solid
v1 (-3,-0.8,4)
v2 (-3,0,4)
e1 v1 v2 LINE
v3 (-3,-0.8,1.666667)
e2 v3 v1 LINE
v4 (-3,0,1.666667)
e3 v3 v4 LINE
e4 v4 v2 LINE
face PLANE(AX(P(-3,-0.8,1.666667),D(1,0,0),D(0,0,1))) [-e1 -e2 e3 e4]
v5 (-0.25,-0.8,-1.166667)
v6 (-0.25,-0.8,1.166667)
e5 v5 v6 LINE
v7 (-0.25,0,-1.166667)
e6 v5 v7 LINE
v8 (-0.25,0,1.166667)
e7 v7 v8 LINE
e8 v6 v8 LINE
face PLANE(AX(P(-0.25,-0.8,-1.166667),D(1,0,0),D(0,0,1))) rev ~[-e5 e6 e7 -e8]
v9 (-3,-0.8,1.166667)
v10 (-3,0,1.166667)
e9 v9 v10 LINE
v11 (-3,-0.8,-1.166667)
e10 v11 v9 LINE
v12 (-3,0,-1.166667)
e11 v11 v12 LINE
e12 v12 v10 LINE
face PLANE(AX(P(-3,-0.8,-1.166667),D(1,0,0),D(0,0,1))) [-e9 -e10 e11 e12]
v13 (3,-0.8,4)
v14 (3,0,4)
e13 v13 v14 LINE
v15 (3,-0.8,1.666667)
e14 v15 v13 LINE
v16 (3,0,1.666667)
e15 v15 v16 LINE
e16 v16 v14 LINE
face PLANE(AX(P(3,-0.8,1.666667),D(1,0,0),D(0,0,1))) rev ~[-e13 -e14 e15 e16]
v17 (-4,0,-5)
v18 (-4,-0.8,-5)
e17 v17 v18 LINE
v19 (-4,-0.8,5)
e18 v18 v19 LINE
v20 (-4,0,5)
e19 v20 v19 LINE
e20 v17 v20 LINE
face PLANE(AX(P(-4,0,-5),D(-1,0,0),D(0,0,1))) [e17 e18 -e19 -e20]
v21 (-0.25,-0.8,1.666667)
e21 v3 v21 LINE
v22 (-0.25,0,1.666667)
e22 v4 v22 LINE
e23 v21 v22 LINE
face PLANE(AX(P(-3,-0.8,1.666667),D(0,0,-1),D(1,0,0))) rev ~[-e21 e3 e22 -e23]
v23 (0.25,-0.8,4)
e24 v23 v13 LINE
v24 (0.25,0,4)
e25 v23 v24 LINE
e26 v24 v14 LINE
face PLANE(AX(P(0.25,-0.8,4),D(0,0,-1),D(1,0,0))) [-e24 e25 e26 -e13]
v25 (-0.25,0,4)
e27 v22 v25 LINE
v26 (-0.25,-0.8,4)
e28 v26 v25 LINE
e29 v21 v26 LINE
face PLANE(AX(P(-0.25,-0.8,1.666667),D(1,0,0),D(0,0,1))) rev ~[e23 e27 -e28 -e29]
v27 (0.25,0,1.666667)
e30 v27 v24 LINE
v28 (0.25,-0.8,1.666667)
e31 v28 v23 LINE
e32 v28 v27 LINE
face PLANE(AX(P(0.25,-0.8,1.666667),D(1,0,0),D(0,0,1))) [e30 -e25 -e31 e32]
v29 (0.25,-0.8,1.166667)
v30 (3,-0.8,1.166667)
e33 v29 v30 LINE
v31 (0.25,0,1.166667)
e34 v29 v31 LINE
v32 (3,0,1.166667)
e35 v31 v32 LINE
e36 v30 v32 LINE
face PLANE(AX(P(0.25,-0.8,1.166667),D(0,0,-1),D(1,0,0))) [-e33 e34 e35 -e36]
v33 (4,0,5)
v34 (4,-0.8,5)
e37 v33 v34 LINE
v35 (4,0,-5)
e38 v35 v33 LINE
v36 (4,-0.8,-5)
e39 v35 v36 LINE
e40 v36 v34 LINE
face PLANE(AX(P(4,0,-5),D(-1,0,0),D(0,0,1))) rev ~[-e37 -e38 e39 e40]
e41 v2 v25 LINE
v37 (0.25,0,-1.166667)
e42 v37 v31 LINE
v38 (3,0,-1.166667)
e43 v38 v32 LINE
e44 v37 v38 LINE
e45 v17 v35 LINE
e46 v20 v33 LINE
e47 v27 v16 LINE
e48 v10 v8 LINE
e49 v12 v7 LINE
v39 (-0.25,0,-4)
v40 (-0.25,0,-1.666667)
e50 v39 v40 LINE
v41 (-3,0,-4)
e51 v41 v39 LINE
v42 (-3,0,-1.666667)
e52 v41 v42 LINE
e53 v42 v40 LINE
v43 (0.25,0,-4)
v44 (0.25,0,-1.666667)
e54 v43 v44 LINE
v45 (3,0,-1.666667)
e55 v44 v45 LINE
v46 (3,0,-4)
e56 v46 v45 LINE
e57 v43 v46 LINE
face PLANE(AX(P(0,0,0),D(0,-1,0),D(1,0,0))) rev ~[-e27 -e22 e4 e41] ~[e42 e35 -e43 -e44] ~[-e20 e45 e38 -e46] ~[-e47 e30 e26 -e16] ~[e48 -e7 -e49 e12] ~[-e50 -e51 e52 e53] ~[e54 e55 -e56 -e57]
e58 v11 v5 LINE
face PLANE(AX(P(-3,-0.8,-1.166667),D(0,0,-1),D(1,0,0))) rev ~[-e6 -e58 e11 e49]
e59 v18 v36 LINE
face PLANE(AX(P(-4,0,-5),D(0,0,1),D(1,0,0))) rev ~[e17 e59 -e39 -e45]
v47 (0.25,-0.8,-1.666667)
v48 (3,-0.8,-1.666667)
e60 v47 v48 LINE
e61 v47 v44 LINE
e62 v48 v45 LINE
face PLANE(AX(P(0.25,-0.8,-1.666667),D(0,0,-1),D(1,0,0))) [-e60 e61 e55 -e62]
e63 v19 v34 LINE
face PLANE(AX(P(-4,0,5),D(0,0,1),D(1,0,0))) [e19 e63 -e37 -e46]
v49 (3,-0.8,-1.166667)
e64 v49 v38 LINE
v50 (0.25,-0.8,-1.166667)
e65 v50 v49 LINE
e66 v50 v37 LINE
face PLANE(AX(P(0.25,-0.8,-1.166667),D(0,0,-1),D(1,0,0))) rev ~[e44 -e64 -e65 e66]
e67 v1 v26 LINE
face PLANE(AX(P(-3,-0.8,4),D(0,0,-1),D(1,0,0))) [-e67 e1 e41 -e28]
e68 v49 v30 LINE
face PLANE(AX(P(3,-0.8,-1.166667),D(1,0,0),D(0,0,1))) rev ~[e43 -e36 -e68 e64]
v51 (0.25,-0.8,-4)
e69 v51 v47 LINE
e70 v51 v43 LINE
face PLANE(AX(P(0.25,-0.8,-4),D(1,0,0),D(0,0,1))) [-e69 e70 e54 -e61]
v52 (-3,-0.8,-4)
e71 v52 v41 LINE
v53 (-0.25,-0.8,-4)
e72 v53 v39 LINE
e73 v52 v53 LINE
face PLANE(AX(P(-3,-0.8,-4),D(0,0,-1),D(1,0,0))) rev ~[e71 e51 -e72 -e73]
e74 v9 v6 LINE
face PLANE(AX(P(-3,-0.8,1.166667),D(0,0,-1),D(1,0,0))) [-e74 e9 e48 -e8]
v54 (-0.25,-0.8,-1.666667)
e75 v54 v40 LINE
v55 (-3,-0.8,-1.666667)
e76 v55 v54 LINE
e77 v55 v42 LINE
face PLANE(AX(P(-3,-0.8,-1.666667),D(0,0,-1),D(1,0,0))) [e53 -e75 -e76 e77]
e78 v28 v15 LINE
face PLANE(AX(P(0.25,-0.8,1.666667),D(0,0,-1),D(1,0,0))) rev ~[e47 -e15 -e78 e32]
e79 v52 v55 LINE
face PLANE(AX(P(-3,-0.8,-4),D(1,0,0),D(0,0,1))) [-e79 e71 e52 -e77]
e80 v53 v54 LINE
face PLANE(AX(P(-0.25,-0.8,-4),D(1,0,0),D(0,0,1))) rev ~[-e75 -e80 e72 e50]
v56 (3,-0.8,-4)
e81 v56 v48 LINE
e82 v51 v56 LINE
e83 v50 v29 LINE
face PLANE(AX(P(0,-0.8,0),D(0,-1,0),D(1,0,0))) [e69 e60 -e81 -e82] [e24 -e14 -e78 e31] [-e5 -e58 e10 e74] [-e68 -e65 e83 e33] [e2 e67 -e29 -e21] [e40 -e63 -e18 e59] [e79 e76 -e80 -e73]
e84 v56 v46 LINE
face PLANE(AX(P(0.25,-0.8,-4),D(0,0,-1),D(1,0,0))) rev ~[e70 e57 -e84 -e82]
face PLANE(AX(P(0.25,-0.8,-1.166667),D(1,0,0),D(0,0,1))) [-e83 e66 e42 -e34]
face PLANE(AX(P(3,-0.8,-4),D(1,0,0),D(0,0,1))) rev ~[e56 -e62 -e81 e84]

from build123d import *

# Parameters (mm, degrees)
SKETCH_W      = 8
SKETCH_H      = 10
PAD_DEPTH     = 0.8
SKETCH001_W   = 2.75
SKETCH001_H   = 2.333333
SKETCH001_H_2 = 2.333334
POCKET_DEPTH  = 5


with BuildPart() as part:
    # Sketch → Pad (new body)
    with BuildSketch(Plane.XZ):
        Rectangle(SKETCH_W, SKETCH_H)
    extrude(amount=PAD_DEPTH)

    # Sketch001 (on Face6 of Pad) → Pocket (cut)
    with BuildSketch(Plane.XZ.offset(0.8)):
        with Locations((-1.625, 2.833334)):
            Rectangle(SKETCH001_W, SKETCH001_H)
        with Locations((-1.625, 0)):
            Rectangle(SKETCH001_W, SKETCH001_H_2)
        with Locations((-1.625, -2.833334)):
            Rectangle(SKETCH001_W, SKETCH001_H)
        with Locations((1.625, 2.833334)):
            Rectangle(SKETCH001_W, SKETCH001_H)
        with Locations((1.625, 0)):
            Rectangle(SKETCH001_W, SKETCH001_H_2)
        with Locations((1.625, -2.833334)):
            Rectangle(SKETCH001_W, SKETCH001_H)
    extrude(amount=-POCKET_DEPTH, mode=Mode.SUBTRACT)


solid = part.part
